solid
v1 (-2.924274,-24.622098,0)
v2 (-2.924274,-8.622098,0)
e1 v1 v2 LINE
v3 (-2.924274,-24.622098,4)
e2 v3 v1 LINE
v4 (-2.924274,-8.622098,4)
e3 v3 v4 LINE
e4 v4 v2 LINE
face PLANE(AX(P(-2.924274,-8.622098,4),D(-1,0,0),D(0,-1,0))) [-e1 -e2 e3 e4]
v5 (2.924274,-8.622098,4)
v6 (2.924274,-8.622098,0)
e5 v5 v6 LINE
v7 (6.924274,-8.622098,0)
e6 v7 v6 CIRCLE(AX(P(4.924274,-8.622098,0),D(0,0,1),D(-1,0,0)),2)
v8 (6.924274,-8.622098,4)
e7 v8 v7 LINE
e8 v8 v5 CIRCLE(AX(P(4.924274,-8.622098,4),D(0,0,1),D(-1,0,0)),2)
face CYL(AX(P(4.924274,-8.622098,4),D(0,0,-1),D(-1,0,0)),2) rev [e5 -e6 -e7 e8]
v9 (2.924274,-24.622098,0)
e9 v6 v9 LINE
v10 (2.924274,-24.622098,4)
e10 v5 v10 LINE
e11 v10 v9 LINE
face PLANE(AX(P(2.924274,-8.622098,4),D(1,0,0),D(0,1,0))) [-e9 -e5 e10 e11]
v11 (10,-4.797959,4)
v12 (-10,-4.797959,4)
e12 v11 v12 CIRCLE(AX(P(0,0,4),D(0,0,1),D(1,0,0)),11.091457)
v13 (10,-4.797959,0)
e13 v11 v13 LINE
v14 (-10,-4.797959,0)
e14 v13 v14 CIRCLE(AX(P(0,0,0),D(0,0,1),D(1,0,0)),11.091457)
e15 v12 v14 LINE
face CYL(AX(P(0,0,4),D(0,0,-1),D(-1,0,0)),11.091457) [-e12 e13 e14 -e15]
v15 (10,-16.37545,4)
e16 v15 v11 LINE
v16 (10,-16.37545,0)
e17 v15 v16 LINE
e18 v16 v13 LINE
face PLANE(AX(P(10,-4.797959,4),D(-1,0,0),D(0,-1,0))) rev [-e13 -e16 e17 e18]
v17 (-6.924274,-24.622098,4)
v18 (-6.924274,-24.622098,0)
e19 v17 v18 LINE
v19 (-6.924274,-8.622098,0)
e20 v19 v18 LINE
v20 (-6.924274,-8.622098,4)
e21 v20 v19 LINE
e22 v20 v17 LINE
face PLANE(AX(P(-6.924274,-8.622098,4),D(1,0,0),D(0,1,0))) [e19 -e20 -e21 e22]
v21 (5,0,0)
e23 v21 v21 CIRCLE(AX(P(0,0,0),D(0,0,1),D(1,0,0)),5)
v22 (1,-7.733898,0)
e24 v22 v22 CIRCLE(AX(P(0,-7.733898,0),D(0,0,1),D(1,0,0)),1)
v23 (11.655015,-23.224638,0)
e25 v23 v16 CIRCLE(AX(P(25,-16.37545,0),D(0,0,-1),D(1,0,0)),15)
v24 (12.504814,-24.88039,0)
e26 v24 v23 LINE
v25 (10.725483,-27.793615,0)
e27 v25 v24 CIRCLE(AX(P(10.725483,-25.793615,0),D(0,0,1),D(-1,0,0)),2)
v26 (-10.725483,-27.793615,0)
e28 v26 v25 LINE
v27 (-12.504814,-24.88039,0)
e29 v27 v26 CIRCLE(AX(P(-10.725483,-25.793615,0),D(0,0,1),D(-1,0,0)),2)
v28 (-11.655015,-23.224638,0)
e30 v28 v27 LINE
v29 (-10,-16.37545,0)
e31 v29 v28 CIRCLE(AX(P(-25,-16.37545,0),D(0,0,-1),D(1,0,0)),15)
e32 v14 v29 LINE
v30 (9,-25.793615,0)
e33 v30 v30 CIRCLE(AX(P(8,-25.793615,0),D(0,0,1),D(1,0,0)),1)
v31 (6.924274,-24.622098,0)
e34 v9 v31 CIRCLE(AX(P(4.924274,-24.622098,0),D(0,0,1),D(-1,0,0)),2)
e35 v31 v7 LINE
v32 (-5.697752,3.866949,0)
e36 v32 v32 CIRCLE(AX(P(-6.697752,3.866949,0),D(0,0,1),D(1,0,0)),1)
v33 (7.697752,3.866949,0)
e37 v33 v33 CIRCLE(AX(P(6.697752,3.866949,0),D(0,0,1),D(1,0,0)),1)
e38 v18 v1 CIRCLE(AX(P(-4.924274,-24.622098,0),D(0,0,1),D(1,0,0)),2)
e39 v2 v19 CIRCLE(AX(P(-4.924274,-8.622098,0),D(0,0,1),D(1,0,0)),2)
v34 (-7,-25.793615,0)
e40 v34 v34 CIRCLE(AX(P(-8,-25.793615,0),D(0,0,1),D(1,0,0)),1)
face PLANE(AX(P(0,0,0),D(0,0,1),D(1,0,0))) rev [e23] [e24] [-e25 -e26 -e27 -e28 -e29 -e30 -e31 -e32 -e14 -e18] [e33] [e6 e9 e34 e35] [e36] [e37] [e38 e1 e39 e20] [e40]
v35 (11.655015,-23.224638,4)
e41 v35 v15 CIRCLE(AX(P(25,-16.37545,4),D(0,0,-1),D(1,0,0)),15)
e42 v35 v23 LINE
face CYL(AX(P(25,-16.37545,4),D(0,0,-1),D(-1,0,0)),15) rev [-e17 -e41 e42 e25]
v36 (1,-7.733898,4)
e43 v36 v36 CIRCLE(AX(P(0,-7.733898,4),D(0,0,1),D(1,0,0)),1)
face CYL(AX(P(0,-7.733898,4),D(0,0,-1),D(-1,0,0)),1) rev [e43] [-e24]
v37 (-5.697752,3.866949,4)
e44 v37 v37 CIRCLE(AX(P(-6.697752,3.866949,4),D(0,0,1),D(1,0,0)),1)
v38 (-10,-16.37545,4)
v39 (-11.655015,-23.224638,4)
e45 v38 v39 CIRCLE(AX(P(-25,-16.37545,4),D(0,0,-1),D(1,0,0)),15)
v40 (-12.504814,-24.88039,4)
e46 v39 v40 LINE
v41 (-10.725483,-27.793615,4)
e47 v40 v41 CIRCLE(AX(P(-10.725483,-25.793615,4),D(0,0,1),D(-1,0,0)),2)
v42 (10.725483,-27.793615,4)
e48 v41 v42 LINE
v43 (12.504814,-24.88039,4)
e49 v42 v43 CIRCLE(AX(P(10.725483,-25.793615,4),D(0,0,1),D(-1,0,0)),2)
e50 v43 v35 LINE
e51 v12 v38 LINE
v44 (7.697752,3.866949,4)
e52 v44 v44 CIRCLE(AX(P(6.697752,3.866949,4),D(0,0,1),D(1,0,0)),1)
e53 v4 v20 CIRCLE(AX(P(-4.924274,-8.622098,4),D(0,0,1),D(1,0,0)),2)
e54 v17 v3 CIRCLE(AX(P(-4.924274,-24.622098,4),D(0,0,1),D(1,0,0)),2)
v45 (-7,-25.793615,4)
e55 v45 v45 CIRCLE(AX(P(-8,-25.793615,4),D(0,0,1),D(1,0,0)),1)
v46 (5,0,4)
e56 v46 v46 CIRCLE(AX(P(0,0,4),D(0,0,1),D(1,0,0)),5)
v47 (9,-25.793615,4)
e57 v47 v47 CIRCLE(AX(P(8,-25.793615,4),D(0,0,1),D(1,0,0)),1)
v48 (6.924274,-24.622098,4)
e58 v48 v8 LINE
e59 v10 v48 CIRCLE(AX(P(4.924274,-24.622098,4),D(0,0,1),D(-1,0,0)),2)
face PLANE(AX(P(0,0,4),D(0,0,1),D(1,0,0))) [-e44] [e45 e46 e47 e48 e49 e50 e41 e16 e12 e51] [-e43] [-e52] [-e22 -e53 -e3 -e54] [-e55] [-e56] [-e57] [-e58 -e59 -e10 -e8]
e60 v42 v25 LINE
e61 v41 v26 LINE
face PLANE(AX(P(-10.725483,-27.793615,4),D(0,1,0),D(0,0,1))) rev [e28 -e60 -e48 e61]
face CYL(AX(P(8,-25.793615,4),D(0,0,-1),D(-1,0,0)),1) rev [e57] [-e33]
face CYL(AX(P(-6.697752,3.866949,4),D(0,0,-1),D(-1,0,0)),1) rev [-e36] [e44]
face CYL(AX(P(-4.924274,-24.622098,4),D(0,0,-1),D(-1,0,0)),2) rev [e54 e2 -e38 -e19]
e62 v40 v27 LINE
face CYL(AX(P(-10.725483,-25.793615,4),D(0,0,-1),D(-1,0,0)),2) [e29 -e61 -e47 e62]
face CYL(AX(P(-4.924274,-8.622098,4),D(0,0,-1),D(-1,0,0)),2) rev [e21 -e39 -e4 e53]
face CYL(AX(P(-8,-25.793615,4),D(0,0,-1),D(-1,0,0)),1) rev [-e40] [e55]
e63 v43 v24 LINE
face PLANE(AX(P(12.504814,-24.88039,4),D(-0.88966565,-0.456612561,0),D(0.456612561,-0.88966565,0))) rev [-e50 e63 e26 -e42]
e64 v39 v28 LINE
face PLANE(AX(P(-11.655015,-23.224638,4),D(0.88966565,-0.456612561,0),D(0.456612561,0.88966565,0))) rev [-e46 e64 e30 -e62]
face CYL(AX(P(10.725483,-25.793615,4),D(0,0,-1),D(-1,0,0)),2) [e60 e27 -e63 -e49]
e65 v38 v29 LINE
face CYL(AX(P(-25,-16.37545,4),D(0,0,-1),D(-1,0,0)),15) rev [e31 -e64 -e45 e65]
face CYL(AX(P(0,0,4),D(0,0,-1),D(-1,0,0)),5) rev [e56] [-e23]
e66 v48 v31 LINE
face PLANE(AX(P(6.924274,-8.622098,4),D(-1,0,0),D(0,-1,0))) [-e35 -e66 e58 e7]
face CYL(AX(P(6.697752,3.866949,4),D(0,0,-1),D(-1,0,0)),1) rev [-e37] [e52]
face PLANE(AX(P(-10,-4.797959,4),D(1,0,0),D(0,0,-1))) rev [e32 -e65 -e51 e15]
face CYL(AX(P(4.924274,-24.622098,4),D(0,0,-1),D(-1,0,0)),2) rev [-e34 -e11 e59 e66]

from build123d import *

# Parameters (mm, degrees)
SKETCH2_R           = 1
SKETCH2_R_2         = 5
BOSS_EXTRUDE1_DEPTH = 4


with BuildPart() as part:
    # Sketch2 → Boss-Extrude1 (new body)
    with BuildSketch(Plane.XY):
        with BuildLine():
            Line((10, -4.797958971), (10, -16.375449589))
            ThreePointArc((10, -16.375449589), (10.419623267, -19.898603621), (11.655015244, -23.224637999))
            Line((11.655015244, -23.224637999), (12.504814498, -24.880390098))
            ThreePointArc((12.504814498, -24.880390098), (12.432300446, -26.836100173), (10.725483197, -27.793615219))
            Line((10.725483197, -27.793615219), (-10.725483197, -27.793615219))
            ThreePointArc((-10.725483197, -27.793615219), (-12.432300446, -26.836100173), (-12.504814498, -24.880390098))
            Line((-12.504814498, -24.880390098), (-11.655015244, -23.224637999))
            ThreePointArc((-11.655015244, -23.224637999), (-10.419623267, -19.898603621), (-10, -16.375449589))
            Line((-10, -16.375449589), (-10, -4.797958971))
            ThreePointArc((-10, -4.797958971), (0, 11.091456635), (10, -4.797958971))
        make_face()
        with Locations((-8, -25.793615219)):
            Circle(SKETCH2_R, mode=Mode.SUBTRACT)
        with Locations((8, -25.793615219)):
            Circle(SKETCH2_R, mode=Mode.SUBTRACT)
        Circle(SKETCH2_R_2, mode=Mode.SUBTRACT)
        with Locations((0, -7.733897827)):
            Circle(SKETCH2_R, mode=Mode.SUBTRACT)
        with Locations((-6.697751988, 3.866948913)):
            Circle(SKETCH2_R, mode=Mode.SUBTRACT)
        with Locations((6.697751988, 3.866948913)):
            Circle(SKETCH2_R, mode=Mode.SUBTRACT)
        with BuildLine():
            Line((-2.92427416, -8.622098109), (-2.92427416, -24.622098109))
            ThreePointArc((-2.92427416, -24.622098109), (-4.92427416, -26.622098109), (-6.92427416, -24.622098109))
            Line((-6.92427416, -24.622098109), (-6.92427416, -8.622098109))
            ThreePointArc((-6.92427416, -8.622098109), (-4.92427416, -6.622098109), (-2.92427416, -8.622098109))
        make_face(mode=Mode.SUBTRACT)
        with BuildLine():
            Line((2.92427416, -8.622098109), (2.92427416, -24.622098109))
            ThreePointArc((2.92427416, -24.622098109), (4.92427416, -26.622098109), (6.92427416, -24.622098109))
            Line((6.92427416, -24.622098109), (6.92427416, -8.622098109))
            ThreePointArc((6.92427416, -8.622098109), (4.92427416, -6.622098109), (2.92427416, -8.622098109))
        make_face(mode=Mode.SUBTRACT)
    extrude(amount=BOSS_EXTRUDE1_DEPTH)


solid = part.part
